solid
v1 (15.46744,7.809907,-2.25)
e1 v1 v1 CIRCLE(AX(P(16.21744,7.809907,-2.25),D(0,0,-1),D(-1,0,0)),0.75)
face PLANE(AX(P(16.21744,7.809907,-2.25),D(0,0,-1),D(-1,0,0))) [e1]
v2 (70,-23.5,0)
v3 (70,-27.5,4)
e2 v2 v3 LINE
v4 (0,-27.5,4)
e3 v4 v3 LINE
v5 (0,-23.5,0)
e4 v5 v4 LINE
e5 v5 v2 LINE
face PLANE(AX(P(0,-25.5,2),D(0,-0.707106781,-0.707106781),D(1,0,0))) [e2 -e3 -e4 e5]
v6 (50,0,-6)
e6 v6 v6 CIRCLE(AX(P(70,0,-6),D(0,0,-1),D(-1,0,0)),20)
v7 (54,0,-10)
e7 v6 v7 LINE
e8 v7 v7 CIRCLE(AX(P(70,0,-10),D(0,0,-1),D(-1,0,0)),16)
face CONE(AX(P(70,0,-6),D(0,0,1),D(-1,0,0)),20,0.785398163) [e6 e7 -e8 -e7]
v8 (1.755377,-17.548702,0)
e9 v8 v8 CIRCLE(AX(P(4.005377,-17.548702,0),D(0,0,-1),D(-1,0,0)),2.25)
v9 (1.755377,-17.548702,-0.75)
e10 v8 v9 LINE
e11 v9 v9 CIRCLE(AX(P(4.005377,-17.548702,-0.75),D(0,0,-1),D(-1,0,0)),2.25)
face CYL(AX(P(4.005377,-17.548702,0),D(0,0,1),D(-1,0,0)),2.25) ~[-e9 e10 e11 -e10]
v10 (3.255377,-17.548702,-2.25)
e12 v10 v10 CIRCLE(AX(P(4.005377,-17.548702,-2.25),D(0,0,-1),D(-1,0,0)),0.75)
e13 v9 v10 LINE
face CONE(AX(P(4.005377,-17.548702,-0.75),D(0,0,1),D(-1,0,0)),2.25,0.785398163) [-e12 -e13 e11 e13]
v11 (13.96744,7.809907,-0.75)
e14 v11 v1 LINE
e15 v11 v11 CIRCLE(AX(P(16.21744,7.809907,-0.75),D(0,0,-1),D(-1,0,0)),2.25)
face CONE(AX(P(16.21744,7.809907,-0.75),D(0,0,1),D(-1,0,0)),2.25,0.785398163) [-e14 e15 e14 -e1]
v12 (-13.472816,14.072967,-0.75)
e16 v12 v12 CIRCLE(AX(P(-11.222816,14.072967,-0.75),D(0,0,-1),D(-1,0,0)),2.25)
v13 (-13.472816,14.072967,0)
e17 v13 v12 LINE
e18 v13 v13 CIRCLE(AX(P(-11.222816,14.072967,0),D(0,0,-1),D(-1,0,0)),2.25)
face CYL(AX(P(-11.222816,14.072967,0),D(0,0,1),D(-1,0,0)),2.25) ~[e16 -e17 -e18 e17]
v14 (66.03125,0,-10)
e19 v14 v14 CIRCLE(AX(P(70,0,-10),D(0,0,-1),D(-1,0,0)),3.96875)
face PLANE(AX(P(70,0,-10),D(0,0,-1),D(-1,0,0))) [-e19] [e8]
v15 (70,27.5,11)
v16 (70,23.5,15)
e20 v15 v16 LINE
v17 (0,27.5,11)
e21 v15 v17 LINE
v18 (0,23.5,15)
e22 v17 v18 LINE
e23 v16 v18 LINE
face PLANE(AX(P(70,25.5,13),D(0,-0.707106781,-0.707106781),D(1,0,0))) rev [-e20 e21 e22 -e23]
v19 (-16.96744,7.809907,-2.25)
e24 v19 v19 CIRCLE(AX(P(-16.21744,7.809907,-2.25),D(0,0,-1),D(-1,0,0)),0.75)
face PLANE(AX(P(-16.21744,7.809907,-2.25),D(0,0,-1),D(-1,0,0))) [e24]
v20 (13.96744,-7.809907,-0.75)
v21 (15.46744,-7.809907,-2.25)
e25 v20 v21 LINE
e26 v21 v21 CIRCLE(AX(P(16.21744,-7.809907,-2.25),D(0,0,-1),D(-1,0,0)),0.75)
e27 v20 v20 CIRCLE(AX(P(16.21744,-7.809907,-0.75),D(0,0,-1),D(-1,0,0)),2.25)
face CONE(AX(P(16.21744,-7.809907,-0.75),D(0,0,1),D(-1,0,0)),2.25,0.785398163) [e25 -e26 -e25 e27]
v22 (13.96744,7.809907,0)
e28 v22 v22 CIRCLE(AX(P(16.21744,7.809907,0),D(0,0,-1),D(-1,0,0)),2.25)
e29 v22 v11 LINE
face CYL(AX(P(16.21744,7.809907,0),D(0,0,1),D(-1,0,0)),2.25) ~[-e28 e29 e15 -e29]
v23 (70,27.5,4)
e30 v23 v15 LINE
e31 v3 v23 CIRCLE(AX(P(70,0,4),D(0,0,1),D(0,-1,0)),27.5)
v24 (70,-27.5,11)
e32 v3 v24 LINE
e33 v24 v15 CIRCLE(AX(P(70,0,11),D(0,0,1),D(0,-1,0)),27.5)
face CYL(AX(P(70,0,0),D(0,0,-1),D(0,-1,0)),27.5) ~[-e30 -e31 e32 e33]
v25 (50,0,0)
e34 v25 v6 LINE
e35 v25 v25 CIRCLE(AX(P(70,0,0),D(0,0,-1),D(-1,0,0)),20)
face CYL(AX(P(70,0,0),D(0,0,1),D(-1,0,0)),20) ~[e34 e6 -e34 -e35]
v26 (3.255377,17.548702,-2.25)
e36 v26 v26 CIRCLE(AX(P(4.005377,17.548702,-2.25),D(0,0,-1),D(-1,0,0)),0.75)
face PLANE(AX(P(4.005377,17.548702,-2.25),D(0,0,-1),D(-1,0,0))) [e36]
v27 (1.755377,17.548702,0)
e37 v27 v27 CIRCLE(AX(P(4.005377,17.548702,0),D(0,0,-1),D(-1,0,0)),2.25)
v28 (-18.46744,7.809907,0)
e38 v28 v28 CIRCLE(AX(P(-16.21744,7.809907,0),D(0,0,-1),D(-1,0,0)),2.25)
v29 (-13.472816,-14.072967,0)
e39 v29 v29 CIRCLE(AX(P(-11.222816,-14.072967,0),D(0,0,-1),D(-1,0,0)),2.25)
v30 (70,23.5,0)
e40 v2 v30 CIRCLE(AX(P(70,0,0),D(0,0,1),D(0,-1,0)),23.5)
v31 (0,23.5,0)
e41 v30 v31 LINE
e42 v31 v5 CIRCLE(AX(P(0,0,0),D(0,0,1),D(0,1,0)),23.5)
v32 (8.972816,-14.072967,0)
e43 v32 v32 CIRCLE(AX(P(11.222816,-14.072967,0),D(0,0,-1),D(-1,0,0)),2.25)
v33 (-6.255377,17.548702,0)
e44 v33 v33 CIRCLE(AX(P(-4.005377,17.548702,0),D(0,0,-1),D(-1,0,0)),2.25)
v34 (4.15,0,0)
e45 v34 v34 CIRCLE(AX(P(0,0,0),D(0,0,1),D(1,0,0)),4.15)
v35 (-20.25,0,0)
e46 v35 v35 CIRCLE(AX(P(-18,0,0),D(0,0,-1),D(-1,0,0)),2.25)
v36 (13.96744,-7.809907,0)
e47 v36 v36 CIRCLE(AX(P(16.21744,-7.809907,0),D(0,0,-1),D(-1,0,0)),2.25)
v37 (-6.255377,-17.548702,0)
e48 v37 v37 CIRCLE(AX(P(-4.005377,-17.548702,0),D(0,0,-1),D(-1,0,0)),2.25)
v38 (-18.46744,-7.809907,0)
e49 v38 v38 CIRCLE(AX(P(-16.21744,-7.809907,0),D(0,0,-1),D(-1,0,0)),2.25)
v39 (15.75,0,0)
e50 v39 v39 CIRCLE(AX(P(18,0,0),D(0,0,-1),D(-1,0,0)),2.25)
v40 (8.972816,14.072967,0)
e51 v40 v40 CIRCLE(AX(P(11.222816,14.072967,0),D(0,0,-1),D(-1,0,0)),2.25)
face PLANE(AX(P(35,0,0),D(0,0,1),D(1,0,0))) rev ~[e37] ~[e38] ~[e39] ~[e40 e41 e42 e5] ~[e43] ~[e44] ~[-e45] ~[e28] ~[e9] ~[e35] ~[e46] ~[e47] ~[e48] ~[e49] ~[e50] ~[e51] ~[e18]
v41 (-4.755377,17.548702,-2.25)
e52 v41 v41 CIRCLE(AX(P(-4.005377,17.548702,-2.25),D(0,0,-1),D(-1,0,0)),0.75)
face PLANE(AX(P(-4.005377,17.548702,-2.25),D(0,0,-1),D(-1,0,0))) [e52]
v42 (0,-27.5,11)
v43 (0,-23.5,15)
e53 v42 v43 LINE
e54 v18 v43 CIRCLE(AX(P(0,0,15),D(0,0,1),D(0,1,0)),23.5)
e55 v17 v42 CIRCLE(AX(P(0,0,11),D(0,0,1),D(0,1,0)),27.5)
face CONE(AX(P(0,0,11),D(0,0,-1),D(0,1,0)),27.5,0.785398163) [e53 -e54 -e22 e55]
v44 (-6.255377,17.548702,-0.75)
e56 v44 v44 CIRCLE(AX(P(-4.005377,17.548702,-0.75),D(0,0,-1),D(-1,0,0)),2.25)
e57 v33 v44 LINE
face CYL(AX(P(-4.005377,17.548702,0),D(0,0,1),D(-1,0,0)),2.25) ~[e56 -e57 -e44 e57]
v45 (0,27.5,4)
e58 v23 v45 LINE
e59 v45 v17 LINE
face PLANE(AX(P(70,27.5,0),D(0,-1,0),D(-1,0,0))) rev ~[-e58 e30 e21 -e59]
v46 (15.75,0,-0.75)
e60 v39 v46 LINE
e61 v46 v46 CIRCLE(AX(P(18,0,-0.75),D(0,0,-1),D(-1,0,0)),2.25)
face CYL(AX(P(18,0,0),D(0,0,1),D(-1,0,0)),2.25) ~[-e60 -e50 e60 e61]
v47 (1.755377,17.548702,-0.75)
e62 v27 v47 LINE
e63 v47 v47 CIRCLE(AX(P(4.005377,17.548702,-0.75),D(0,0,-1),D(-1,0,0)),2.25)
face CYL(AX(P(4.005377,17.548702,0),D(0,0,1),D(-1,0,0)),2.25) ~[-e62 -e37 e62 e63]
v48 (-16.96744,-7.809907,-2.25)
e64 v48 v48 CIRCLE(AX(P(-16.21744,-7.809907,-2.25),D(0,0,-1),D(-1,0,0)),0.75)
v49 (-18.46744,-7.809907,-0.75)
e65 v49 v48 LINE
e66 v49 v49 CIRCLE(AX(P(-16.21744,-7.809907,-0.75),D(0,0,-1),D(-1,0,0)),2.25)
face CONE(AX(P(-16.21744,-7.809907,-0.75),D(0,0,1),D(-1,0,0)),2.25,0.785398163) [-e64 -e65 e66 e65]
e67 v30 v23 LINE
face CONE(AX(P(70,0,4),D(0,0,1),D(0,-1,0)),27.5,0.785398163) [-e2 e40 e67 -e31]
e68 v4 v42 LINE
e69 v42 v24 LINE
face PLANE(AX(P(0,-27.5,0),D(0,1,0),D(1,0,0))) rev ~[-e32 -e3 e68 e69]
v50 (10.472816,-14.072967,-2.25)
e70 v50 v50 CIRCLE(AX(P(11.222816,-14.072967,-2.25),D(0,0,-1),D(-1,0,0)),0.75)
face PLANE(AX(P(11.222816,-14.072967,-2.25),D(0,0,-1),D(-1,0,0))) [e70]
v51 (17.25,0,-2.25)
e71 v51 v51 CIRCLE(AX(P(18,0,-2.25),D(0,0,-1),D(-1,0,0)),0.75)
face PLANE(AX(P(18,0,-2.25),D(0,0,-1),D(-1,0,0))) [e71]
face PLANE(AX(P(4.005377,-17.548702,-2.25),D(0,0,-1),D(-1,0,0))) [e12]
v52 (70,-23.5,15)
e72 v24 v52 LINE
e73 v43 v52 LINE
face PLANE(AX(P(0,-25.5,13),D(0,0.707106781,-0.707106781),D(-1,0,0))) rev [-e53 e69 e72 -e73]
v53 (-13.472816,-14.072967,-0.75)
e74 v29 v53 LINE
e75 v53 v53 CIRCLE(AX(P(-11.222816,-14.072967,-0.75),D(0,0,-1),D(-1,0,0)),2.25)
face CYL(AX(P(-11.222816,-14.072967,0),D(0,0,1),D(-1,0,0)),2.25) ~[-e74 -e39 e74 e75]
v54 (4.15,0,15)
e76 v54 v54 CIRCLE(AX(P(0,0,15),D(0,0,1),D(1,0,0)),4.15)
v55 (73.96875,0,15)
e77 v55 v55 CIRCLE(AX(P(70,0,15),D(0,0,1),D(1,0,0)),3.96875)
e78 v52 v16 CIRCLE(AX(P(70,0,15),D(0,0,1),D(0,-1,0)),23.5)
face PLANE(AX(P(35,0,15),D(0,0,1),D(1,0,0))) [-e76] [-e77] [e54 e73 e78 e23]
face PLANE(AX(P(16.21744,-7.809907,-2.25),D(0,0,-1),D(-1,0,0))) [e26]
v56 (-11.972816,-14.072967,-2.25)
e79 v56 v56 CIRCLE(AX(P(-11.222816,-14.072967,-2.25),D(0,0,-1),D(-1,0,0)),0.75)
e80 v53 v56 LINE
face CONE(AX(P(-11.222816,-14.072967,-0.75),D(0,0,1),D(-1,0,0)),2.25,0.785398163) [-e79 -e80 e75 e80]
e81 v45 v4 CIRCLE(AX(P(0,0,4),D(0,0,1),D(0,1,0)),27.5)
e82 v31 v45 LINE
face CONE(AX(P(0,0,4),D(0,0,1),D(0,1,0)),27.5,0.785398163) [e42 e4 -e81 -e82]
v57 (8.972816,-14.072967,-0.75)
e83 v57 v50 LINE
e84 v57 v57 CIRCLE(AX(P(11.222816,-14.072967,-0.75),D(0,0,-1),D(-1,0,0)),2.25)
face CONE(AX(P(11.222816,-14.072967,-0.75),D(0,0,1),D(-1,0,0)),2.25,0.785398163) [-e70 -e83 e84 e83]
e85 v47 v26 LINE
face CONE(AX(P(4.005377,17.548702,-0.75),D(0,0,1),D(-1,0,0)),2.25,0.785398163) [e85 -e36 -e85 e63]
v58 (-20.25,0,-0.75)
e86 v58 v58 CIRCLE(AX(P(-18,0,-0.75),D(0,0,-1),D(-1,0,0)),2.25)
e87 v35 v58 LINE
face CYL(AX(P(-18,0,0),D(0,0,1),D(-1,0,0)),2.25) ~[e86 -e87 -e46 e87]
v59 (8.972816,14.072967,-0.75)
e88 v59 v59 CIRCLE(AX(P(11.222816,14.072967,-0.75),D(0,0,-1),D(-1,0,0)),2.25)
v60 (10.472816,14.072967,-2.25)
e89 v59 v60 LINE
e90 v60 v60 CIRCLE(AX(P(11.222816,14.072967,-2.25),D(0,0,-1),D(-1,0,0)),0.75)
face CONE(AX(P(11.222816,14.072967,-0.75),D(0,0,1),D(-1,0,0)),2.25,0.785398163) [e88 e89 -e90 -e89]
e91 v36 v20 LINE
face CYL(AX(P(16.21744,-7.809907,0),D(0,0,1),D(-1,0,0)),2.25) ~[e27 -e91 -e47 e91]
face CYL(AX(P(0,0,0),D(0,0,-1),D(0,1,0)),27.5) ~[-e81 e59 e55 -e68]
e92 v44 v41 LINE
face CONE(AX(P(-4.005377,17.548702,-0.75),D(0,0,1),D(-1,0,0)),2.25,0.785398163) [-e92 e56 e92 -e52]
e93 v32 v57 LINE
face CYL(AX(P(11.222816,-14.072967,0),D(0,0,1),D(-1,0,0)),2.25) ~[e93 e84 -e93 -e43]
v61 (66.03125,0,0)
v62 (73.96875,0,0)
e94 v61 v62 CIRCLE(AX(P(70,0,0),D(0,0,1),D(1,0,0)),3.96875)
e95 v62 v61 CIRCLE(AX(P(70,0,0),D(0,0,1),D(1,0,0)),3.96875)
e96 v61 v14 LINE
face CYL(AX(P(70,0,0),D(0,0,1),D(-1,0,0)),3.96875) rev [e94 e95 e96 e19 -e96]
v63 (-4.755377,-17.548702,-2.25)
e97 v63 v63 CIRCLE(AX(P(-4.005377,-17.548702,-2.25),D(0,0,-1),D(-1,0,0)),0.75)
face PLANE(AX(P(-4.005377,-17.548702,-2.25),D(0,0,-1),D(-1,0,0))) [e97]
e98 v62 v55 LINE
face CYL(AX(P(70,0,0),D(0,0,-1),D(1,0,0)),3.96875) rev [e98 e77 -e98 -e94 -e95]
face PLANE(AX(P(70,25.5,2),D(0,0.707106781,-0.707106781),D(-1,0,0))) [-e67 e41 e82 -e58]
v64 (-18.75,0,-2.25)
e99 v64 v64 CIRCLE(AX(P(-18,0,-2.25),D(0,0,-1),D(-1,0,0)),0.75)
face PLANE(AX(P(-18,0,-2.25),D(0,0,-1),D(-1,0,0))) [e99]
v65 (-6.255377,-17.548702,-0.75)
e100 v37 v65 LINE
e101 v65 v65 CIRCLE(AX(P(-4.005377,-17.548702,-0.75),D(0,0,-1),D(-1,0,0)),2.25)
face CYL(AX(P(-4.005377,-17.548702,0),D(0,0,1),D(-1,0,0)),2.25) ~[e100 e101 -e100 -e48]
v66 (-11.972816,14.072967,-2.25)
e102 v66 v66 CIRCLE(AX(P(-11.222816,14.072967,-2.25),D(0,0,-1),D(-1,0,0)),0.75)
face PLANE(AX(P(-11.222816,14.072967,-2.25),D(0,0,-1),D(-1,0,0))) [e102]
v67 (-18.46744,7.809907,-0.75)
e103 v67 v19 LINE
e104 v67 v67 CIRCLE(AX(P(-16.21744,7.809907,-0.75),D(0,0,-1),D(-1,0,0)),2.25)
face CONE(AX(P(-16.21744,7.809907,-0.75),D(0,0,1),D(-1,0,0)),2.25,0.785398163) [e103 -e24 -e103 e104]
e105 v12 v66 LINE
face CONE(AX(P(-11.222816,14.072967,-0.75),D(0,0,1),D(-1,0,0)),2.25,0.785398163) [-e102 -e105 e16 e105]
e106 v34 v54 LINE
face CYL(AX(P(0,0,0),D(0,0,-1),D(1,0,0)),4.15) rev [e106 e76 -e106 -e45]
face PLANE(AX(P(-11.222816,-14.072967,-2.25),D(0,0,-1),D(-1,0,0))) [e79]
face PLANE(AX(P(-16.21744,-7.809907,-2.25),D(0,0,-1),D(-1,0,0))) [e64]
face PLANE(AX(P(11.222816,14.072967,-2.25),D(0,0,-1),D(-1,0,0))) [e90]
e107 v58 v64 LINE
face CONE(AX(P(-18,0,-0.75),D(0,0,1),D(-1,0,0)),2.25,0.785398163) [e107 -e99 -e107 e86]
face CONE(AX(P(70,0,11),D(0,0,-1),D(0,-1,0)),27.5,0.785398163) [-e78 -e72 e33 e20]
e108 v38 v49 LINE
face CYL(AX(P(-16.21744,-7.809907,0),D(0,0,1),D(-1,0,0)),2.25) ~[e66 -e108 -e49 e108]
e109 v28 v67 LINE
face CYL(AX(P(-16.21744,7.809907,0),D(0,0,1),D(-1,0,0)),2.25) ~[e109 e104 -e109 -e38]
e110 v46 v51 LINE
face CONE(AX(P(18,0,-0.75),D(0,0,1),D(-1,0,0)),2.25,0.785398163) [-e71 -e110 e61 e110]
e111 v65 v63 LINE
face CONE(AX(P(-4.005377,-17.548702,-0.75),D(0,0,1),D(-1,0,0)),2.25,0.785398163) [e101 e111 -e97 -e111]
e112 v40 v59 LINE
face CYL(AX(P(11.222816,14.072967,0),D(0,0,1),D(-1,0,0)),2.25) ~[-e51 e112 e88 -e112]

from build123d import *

# Parameters (mm, degrees)
SKETCH2_R           = 4.15
SKETCH2_R_2         = 3.96875
BOSS_EXTRUDE1_DEPTH = 15
SKETCH3_R           = 2.25
BOSS_EXTRUDE2_DEPTH = 2.25
CHAMFER1_SIZE       = 1.5
SKETCH5_R           = 20
SKETCH5_R_2         = 3.96875
BOSS_EXTRUDE4_DEPTH = 10
CHAMFER2_SIZE       = 4
CHAMFER3_SIZE       = 4


with BuildPart() as part:
    # Sketch2 → Boss-Extrude1 (new body)
    with BuildSketch(Plane.XY):
        with BuildLine():
            Line((70, 27.5), (0, 27.5))
            ThreePointArc((0, 27.5), (-27.5, 0), (0, -27.5))
            Line((0, -27.5), (70, -27.5))
            ThreePointArc((70, -27.5), (97.5, 0), (70, 27.5))
        make_face()
        Circle(SKETCH2_R, mode=Mode.SUBTRACT)
        with Locations((70, 0)):
            Circle(SKETCH2_R_2, mode=Mode.SUBTRACT)
    extrude(amount=BOSS_EXTRUDE1_DEPTH)

    # Sketch3 → Boss-Extrude2 (add)
    with BuildSketch(Plane(origin=(0, 0, 0), x_dir=(-1, 0, 0), z_dir=(0, 0, -1))):
        with Locations((-18, 0)):
            Circle(SKETCH3_R)
        with Locations((-16.217439622, 7.809907304)):
            Circle(SKETCH3_R)
        with Locations((-11.222816433, 14.072966684)):
            Circle(SKETCH3_R)
        with Locations((-4.005376811, 17.548702419)):
            Circle(SKETCH3_R)
        with Locations((4.005376811, 17.548702419)):
            Circle(SKETCH3_R)
        with Locations((11.222816433, 14.072966684)):
            Circle(SKETCH3_R)
        with Locations((16.217439622, 7.809907304)):
            Circle(SKETCH3_R)
        with Locations((18, 0)):
            Circle(SKETCH3_R)
        with Locations((16.217439622, -7.809907304)):
            Circle(SKETCH3_R)
        with Locations((11.222816433, -14.072966684)):
            Circle(SKETCH3_R)
        with Locations((4.005376811, -17.548702419)):
            Circle(SKETCH3_R)
        with Locations((-4.005376811, -17.548702419)):
            Circle(SKETCH3_R)
        with Locations((-11.222816433, -14.072966684)):
            Circle(SKETCH3_R)
        with Locations((-16.217439622, -7.809907304)):
            Circle(SKETCH3_R)
    extrude(amount=BOSS_EXTRUDE2_DEPTH)

    # Chamfer1
    chamfer1_edges = [part.edges().sort_by_distance(p)[0] for p in [
        (18.467439622, 7.809907304, -2.25),
        (13.472816433, 14.072966684, -2.25),
        (6.255376811, 17.548702419, -2.25),
        (-1.755376811, 17.548702419, -2.25),
        (-8.972816433, 14.072966684, -2.25),
        (-13.967439622, 7.809907304, -2.25),
        (-15.75, 0, -2.25),
        (-13.967439622, -7.809907304, -2.25),
        (-8.972816433, -14.072966684, -2.25),
        (-1.755376811, -17.548702419, -2.25),
        (6.255376811, -17.548702419, -2.25),
        (13.472816433, -14.072966684, -2.25),
        (18.467439622, -7.809907304, -2.25),
        (20.25, 0, -2.25),
    ]]
    chamfer(chamfer1_edges, length=CHAMFER1_SIZE)

    # Sketch5 → Boss-Extrude4 (add)
    with BuildSketch(Plane(origin=(0, 0, 0), x_dir=(-1, 0, 0), z_dir=(0, 0, -1))):
        with Locations((-70, 0)):
            Circle(SKETCH5_R)
        with Locations((-70, 0)):
            Circle(SKETCH5_R_2, mode=Mode.SUBTRACT)
    extrude(amount=BOSS_EXTRUDE4_DEPTH)

    # Chamfer2
    chamfer2_edges = [part.edges().sort_by_distance(p)[0] for p in [
        (90, 0, -10),
    ]]
    chamfer(chamfer2_edges, length=CHAMFER2_SIZE)

    # Chamfer3
    chamfer3_edges = [part.edges().sort_by_distance(p)[0] for p in [
        (-27.5, 0, 15),
        (35, -27.5, 15),
        (97.5, 0, 15),
        (35, -27.5, 0),
        (-27.5, 0, 0),
        (35, 27.5, 0),
        (97.5, 0, 0),
        (35, 27.5, 15),
    ]]
    chamfer(chamfer3_edges, length=CHAMFER3_SIZE)


solid = part.part
